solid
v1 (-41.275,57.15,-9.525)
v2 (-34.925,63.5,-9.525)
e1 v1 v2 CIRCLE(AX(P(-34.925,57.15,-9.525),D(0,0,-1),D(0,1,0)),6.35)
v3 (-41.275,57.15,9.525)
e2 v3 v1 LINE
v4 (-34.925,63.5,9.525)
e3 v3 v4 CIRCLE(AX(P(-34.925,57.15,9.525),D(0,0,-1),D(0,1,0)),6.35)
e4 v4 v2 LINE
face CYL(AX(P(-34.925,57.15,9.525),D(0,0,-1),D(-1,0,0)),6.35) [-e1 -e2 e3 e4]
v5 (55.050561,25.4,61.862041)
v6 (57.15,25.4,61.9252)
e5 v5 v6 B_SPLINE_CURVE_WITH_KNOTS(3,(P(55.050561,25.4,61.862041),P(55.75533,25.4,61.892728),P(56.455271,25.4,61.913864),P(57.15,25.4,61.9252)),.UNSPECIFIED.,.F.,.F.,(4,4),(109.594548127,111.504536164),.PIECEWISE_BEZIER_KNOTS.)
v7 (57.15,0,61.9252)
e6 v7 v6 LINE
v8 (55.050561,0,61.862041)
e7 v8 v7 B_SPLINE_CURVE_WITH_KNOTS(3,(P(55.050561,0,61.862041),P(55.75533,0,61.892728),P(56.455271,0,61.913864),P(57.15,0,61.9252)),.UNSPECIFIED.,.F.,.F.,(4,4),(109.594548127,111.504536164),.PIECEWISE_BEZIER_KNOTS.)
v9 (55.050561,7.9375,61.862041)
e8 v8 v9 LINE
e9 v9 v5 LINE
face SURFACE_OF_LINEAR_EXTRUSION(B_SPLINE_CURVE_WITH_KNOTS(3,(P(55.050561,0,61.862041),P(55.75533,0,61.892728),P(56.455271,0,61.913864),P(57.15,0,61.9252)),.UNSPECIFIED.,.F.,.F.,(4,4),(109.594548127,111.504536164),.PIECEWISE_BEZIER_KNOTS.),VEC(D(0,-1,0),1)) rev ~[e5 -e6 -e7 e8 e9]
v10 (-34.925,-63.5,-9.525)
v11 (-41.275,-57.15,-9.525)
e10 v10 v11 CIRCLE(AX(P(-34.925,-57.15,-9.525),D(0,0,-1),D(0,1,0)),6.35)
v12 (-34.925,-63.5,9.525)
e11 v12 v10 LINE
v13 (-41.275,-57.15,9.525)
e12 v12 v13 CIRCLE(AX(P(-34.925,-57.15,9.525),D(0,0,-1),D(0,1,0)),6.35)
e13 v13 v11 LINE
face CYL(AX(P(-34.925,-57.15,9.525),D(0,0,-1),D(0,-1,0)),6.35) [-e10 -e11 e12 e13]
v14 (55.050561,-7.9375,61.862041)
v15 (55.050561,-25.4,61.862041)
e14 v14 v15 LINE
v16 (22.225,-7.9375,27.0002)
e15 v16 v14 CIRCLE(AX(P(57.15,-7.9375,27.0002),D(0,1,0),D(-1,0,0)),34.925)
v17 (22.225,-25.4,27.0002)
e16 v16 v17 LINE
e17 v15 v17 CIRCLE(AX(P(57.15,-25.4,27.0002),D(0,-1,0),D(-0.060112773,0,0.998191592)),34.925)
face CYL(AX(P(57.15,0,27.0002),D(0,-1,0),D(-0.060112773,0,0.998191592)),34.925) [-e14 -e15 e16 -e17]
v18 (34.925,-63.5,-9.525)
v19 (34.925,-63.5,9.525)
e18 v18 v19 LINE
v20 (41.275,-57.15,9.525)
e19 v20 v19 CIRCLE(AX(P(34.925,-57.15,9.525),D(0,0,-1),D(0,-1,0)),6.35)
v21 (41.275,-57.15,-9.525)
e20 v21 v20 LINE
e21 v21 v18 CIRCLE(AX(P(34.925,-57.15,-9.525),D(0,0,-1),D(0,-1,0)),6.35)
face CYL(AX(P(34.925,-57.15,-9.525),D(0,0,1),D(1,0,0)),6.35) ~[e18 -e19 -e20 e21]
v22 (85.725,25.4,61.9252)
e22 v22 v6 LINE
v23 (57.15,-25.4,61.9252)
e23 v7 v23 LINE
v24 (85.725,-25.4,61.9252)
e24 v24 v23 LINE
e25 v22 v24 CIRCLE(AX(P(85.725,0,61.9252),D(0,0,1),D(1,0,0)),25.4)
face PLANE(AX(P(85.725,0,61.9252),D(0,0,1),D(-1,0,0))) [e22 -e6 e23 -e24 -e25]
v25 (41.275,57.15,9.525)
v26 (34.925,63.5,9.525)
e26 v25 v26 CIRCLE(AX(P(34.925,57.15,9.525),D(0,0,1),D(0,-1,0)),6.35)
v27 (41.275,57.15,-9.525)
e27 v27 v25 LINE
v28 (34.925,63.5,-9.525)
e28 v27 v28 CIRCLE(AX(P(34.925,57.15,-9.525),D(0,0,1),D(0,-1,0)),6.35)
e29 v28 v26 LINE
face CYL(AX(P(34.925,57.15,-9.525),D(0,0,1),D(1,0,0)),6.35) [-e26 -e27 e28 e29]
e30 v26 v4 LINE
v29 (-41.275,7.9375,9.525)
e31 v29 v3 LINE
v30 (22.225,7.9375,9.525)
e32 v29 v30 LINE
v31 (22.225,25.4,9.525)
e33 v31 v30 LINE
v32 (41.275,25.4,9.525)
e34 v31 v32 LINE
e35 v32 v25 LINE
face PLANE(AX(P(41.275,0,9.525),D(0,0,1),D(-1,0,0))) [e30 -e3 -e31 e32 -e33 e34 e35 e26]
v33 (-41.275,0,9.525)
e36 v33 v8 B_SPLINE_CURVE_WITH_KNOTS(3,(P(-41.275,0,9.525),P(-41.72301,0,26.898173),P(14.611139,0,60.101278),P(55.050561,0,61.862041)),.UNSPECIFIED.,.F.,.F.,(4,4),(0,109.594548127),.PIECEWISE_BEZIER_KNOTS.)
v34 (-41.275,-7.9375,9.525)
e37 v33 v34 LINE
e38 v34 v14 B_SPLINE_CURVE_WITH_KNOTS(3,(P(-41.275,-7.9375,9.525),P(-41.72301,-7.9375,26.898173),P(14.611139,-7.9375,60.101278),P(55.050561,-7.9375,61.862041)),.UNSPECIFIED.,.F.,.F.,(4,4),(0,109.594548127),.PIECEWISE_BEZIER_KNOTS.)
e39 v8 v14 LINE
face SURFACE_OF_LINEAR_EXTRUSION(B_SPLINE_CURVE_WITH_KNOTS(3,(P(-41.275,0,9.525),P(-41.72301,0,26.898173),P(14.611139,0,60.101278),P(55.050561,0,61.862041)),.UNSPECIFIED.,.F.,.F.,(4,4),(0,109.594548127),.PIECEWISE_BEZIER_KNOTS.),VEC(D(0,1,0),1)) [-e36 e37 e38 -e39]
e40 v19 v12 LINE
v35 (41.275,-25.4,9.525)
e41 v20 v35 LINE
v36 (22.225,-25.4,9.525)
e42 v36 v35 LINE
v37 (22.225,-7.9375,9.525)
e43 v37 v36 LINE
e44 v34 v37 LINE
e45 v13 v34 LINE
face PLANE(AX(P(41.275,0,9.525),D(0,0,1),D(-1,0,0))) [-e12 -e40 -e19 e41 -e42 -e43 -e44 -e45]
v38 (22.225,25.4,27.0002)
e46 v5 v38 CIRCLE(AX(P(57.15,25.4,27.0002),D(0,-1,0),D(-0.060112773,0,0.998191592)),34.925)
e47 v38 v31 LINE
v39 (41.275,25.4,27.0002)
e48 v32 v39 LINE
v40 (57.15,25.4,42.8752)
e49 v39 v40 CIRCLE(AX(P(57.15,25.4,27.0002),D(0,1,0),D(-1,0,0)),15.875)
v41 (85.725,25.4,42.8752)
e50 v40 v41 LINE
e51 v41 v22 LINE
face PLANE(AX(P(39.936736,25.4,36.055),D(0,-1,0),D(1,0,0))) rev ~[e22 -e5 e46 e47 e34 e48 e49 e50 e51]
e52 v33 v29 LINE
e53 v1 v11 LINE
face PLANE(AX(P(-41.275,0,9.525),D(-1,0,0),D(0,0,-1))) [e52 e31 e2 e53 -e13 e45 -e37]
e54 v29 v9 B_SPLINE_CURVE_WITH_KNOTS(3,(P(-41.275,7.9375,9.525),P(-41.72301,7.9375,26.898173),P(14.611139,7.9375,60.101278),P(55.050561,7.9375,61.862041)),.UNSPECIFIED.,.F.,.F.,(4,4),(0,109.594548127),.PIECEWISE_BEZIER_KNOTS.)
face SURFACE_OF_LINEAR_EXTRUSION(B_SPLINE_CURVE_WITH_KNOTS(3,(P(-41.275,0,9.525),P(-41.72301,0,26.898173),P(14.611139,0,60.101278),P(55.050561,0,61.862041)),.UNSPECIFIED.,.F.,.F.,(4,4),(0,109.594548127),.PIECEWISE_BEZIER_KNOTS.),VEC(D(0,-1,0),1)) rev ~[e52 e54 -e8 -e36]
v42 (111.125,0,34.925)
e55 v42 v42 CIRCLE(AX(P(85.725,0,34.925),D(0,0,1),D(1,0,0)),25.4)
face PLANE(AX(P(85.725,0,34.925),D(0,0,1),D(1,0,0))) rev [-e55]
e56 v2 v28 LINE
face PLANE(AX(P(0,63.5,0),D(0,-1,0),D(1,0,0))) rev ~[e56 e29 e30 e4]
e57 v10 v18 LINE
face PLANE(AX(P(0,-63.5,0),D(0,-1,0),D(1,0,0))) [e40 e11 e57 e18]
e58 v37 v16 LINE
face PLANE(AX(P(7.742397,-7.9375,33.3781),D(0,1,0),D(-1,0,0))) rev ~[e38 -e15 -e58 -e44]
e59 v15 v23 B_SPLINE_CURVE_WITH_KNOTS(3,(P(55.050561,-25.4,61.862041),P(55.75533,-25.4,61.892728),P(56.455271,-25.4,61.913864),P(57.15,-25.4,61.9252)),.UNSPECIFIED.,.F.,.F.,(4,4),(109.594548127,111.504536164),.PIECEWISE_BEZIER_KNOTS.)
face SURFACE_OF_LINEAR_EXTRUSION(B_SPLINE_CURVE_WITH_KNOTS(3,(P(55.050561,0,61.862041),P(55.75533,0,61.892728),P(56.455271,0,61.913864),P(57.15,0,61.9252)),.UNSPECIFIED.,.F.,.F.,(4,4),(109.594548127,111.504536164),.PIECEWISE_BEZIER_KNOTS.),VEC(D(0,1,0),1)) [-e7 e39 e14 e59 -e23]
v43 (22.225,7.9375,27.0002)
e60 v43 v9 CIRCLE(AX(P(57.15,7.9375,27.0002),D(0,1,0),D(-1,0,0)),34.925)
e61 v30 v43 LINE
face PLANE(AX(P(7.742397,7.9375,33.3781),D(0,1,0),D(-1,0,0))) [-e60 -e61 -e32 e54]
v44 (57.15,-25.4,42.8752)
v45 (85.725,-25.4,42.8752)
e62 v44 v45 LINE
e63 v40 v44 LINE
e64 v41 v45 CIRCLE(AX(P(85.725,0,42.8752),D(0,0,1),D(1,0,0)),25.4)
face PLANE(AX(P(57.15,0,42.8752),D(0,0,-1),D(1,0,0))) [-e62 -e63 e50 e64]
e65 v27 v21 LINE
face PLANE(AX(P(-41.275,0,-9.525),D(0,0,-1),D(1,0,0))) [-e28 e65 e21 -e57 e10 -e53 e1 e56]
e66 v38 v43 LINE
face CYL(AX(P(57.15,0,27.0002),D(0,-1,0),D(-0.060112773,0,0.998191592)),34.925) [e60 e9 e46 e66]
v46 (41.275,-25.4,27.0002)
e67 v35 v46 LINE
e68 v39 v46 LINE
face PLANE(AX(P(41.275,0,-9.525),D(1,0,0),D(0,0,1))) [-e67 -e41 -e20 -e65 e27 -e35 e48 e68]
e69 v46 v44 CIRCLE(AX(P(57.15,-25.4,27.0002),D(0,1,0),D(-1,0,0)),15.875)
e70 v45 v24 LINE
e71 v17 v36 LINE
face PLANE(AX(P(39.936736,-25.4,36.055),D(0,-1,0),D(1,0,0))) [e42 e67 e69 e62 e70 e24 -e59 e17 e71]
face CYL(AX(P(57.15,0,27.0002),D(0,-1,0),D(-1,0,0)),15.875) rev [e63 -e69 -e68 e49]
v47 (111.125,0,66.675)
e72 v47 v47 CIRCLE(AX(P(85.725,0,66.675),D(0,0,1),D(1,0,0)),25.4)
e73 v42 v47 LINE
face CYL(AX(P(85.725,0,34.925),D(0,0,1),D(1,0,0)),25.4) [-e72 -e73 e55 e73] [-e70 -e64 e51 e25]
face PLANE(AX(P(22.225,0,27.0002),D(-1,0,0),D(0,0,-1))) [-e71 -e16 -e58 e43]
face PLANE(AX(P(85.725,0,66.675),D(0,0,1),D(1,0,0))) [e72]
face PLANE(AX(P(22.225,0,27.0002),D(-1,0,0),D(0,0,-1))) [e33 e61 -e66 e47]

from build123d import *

# Parameters (mm, degrees)
F1_DEPTH = 63.5
F0_W     = 25.4
F0_H     = 19.05
F2_DEPTH = 25.4
F3_DEPTH = 7.9375
F5_R     = 6.35


with BuildPart() as f1:
    # F0 (on Front) → F1 (new body, symmetric)
    with BuildSketch(Plane.XZ):
        Polygon((22.225, 9.525), (-41.275, 9.525), (-41.275, -9.525), (41.275, -9.525), (41.275, 9.525), align=None)
    extrude(amount=F1_DEPTH, both=True)

    # F0 (on Front) → F2 (join, symmetric)
    with BuildSketch(Plane.XZ):
        with BuildLine():
            Line((22.225, 27.0002), (22.225, 9.525))
            Line((22.225, 9.525), (41.275, 9.525))
            Line((41.275, 9.525), (41.275, 27.0002))
            ThreePointArc((41.275, 27.0002), (45.9246798487, 38.2255201513), (57.15, 42.8752))
            Line((57.15, 42.8752), (60.325, 42.8752))
            Line((60.325, 42.8752), (60.325, 61.9252))
            Line((60.325, 61.9252), (57.15, 61.9252))
            add(Edge.make_bspline(
                [(55.0505614157, 61.8620413546), (55.7553301677, 61.8927275326), (56.4552712622, 61.9138638229), (57.15, 61.9252)],
                knots=[109.5945481274, 109.5945481274, 109.5945481274, 109.5945481274, 111.5045361635, 111.5045361635, 111.5045361635, 111.5045361635], degree=3))
            ThreePointArc((55.0505614157, 61.8620413546), (31.7228637323, 50.9421373949), (22.225, 27.0002))
        make_face()
        with Locations((73.025, 52.4002)):
            Rectangle(F0_W, F0_H)
    extrude(amount=F2_DEPTH, both=True)

    # F0 (on Front) → F3 (join, symmetric)
    with BuildSketch(Plane.XZ):
        with BuildLine():
            add(Edge.make_bspline(
                [(-41.275, 9.525), (-41.7230096013, 26.8981728719), (14.611139049, 60.1012775438), (55.0505614157, 61.8620413546)],
                knots=[0, 0, 0, 0, 109.5945481274, 109.5945481274, 109.5945481274, 109.5945481274], degree=3))
            Line((-41.275, 9.525), (22.225, 9.525))
            Line((22.225, 9.525), (22.225, 27.0002))
            ThreePointArc((22.225, 27.0002), (31.7228637323, 50.9421373949), (55.0505614157, 61.8620413546))
        make_face()
    extrude(amount=F3_DEPTH, both=True)

    # F0 (on Front) → F4 (revolve)
    with BuildSketch(Plane.XZ):
        Polygon((85.725, 66.675), (85.725, 61.9252), (85.725, 42.8752), (85.725, 34.925), (111.125, 34.925), (111.125, 66.675), align=None)
    revolve(axis=Axis((85.725, 0, 50.8), (0, 0, 1)))

    # F5
    f5_edges = [f1.edges().sort_by_distance(p)[0] for p in [
        (-41.275, -63.5, 0),
        (41.275, -63.5, 0),
        (41.275, 63.5, 0),
        (-41.275, 63.5, 0),
    ]]
    fillet(f5_edges, radius=F5_R)


solid = f1.part
